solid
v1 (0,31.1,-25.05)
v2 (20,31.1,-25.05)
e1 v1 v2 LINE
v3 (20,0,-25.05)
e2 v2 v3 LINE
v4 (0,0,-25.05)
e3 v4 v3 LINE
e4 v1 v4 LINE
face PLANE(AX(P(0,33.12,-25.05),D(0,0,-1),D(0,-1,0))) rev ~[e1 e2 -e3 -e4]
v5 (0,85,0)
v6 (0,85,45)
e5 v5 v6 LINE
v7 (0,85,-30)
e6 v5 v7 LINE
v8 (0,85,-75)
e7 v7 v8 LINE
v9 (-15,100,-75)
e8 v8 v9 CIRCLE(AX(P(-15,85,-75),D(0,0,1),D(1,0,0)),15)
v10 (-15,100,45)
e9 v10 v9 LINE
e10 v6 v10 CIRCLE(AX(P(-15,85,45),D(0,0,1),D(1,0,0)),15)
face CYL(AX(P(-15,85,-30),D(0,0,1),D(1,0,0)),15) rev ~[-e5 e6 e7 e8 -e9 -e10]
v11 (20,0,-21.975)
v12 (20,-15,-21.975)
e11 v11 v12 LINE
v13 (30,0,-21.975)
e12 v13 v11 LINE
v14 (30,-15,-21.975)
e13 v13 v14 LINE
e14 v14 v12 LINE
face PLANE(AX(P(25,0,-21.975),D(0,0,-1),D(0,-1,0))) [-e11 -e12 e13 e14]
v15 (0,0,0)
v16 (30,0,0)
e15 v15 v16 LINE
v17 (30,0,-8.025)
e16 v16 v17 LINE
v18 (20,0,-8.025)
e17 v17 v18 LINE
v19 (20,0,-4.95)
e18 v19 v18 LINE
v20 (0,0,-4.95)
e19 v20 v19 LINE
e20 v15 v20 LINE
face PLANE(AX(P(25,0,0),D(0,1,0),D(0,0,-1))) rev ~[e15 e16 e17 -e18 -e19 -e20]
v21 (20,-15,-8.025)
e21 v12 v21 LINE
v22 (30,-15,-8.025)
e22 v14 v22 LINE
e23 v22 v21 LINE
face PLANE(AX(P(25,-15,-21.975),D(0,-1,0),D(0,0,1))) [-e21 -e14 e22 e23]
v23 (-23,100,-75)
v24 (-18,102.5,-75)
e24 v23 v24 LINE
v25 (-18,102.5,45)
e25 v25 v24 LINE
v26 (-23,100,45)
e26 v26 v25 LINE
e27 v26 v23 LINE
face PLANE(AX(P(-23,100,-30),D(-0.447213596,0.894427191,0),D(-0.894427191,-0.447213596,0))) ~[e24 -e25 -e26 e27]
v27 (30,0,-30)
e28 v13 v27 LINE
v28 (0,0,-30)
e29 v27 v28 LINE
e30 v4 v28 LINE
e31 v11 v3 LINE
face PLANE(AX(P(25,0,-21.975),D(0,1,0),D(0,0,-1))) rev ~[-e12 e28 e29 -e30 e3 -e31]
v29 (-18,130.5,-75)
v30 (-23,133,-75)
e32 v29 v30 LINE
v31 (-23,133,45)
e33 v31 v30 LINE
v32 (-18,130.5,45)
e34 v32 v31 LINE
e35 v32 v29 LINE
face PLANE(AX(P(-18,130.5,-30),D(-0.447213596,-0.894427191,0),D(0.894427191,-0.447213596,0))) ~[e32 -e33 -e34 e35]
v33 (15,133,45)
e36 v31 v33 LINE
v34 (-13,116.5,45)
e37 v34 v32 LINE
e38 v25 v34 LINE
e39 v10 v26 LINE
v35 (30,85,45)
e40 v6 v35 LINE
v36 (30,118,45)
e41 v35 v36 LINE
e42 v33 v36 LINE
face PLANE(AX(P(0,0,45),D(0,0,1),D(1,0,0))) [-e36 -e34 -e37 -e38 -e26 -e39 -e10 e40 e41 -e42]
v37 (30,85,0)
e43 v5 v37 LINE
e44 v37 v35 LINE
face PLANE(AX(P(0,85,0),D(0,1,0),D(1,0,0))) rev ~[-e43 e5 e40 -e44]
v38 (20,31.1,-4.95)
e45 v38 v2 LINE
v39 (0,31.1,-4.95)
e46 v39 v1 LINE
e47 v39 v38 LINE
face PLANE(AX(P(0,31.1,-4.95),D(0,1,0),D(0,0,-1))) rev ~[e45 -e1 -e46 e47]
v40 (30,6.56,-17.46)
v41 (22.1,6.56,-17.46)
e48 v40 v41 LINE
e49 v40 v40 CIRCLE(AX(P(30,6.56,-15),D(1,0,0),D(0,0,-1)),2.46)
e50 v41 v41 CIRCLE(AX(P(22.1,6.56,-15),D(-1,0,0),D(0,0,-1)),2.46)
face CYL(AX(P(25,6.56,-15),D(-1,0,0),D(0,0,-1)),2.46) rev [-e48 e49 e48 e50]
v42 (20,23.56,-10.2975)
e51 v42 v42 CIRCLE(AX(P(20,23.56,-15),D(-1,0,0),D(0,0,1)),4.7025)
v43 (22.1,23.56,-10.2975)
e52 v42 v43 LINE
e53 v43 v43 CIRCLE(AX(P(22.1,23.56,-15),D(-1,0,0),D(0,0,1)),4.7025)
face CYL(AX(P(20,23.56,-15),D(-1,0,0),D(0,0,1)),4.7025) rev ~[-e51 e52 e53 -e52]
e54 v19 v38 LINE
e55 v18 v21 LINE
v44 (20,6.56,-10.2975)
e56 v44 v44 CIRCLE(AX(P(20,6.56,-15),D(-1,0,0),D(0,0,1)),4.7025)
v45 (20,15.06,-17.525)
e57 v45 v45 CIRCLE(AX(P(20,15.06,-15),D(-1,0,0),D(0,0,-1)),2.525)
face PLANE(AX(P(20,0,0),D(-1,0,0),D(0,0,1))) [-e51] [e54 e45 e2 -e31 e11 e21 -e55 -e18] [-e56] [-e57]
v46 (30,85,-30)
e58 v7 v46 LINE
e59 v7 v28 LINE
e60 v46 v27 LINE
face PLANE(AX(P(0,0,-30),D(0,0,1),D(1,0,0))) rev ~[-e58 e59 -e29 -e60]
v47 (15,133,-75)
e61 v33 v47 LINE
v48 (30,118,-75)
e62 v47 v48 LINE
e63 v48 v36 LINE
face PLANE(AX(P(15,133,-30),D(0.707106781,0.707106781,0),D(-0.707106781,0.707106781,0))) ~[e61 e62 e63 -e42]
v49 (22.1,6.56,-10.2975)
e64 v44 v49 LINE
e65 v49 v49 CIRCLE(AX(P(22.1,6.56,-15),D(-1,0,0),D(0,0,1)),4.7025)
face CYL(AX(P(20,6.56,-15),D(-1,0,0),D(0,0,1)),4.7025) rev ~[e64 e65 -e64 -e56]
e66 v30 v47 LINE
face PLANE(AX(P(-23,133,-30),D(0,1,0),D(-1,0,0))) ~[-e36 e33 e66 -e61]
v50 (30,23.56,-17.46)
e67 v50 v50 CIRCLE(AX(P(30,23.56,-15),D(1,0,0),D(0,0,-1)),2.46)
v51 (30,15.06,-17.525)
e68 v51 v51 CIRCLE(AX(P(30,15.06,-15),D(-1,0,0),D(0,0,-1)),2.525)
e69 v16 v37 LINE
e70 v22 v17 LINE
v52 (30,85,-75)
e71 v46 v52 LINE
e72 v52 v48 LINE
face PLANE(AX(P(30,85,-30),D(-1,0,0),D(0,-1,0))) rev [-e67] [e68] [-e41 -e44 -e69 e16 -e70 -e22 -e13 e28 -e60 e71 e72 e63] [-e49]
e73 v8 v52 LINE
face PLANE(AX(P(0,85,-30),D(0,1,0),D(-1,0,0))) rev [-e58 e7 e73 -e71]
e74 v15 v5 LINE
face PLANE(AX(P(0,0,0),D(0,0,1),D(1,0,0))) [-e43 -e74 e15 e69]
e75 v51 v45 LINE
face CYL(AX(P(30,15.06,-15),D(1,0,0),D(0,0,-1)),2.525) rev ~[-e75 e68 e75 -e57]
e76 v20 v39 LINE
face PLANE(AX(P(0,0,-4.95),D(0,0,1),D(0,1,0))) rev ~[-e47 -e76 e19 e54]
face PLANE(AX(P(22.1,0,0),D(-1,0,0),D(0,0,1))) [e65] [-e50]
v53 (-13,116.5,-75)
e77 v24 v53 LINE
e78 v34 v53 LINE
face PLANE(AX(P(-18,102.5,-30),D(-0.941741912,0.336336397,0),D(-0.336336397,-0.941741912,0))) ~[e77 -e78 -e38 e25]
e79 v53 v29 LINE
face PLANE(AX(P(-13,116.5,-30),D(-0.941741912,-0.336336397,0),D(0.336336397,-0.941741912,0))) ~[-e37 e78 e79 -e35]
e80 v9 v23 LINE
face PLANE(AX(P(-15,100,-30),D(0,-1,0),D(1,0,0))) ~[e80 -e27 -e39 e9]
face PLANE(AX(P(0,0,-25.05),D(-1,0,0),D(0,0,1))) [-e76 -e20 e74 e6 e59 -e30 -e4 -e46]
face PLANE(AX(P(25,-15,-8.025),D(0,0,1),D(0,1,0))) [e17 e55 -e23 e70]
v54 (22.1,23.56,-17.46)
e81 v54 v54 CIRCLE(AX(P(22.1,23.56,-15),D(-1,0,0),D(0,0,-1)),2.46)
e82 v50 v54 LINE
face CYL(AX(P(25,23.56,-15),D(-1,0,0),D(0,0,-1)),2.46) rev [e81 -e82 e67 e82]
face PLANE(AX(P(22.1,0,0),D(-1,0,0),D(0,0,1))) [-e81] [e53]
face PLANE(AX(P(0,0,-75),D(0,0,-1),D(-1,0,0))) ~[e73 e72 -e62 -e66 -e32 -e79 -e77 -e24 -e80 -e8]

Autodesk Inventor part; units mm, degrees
ref_plane "YZ Plane" through (0, 0, 0) normal (1, 0, 0) x (0, 1, 0)
ref_plane "XZ Plane" through (0, 0, 0) normal (0, 1, 0) x (-1, 0, 0)
sketch "Sketch1" plane through (0, 0, 0) normal (0, 0, 1) x (1, 0, 0)
  line L0 (0, 0) -> (25, 0)
  line L1 (25, 0) -> (25, 40)
  line L2 (25, 40) -> (0, 40)
  line L3 (0, 40) -> (0, 0)
  dimension "d1" = 25
  dimension "d2" = 40
  dimension "d3" = 25
extrude "Extrusion1" add sketch "Sketch1" against normal blind 30
sketch "Sketch2" plane through (25, 0, 0) normal (1, 0, 0) x (0, 0, -1)
  line L0 (0, 0) -> (30, 0) projected
  circle A0 centre (15, 6.56) radius 2.46
extrude "Extrusion2" cut sketch "Sketch2" against normal blind 30
sketch "Sketch3" plane through (0, 0, 0) normal (-1, 0, 0) x (0, 0, 1)
  line L0 (0, 0) -> (-30, 0) projected
  line L1 (-25.05, 0) -> (-4.95, 0)
  line L2 (-4.95, 0) -> (-4.95, 33.12)
  line L3 (-4.95, 33.12) -> (-25.05, 33.12)
  line L4 (-25.05, 33.12) -> (-25.05, 0)
  dimension "d11" = 20.1
extrude "Extrusion3" cut sketch "Sketch3" against normal blind 20
sketch "Sketch4" plane through (0, 0, 0) normal (0, -1, 0) x (1, 0, 0)
  line L0 (20, -4.95) -> (20, -25.05) projected
  line L1 (20, -15) -> (25, -15)
  line L2 (25, 0) -> (25, -30) projected
  line L3 (20, -8.025) -> (25, -8.025)
  line L4 (25, -8.025) -> (25, -21.975)
  line L5 (25, -21.975) -> (20, -21.975)
  line L6 (20, -21.975) -> (20, -8.025)
  line L7 (20, -8.025) -> (25, -21.975) construction
  line L8 (25, -8.025) -> (20, -21.975) construction
  line L9 (25, -12.54) -> (25, -17.46) projected
  point P0 (0, 0)
  point P1 (22.5, -15)
  dimension "d14" = 13.95
extrude "Extrusion4" add sketch "Sketch4" along normal blind 15
sketch "Sketch5" plane through (20, 0, 0) normal (-1, 0, 0) x (0, 0, 1)
  circle A0 centre (-15, 6.56) radius 2.46 projected
  circle A1 centre (-15, 6.56) radius 4.7025
  circle A2 centre (-15, 6.56) radius 2.46 projected
  circle A3 centre (-15, 6.56) radius 2.46
  point P0 (0, 0)
  dimension "d17" = 9.405
extrude "Extrusion5" cut sketch "Sketch5" against normal blind 2.1
sketch "Sketch6" plane through (25, 0, 0) normal (1, 0, 0) x (0, 0, -1)
  circle A0 centre (15, 6.56) radius 4.7025 projected
  line L0 (15, 6.56) -> (15, 23.56)
  circle A1 centre (15, 23.56) radius 2.46
  point P0 (0, 0)
  dimension "d20" = 17
  dimension "d21" = 4.92
extrude "Extrusion6" cut sketch "Sketch6" against normal blind 10 contours A1
sketch "Sketch7" plane through (20, 0, 0) normal (-1, 0, 0) x (0, 0, 1)
  circle A0 centre (-15, 23.56) radius 2.46 projected
  circle A1 centre (-15, 23.56) radius 4.7025
  point P0 (0, 0)
  dimension "d24" = 9.405
extrude "Extrusion7" cut sketch "Sketch7" against normal blind 2.1
sketch "Sketch9" plane through (25, 0, 0) normal (1, 0, 0) x (0, 0, -1)
  circle A0 centre (15, 6.56) radius 2.46 projected
  circle A1 centre (15, 6.56) radius 2.46
  circle A2 centre (15, 23.56) radius 2.46 projected
  circle A3 centre (15, 23.56) radius 2.46
  line L0 (30, 40) -> (30, 0) projected
  line L1 (30, 0) -> (30, 40)
  line L2 (30, 40) -> (0, 40)
  line L3 (0, 40) -> (0, 0)
  line L4 (0, 0) -> (8.025, 0) projected
  line L5 (21.975, 0) -> (21.975, -15)
  line L6 (21.975, -15) -> (8.025, -15)
  line L7 (8.025, -15) -> (8.025, 0)
  line L8 (0, 0) -> (8.025, 0)
  line L9 (21.975, 0) -> (30, 0)
extrude "Extrusion8" add sketch "Sketch9" along normal blind 5
sketch "Sketch10" plane through (0, 40, 0) normal (0, 1, 0) x (1, 0, 0)
  line L0 (0, 30) -> (30, 30) projected
  line L1 (30, 0) -> (0, 0) projected
  line L2 (0, 30) -> (30, 30)
  line L3 (30, 30) -> (30, 0)
  line L4 (30, 0) -> (0, 0)
  line L5 (0, 0) -> (0, 30)
extrude "Extrusion9" add sketch "Sketch10" along normal blind 30
sketch "Sketch12" plane through (30, 0, 0) normal (1, 0, 0) x (0, 0, -1)
  circle A0 centre (15, 6.56) radius 2.46 projected
  line L0 (15, 6.56) -> (15, 15.06)
  circle A1 centre (15, 15.06) radius 2.525
  point P0 (0, 0)
  dimension "d31" = 8.5
  dimension "d33" = 5.05
extrude "Extrusion10" cut sketch "Sketch12" against normal blind 30 contours A1
sketch "Sketch14" plane through (0, 0, 0) normal (0, 0, 1) x (1, 0, 0)
  line L0 (30, 70) -> (0, 70) projected
  line L1 (0, 70) -> (0, 85)
  line L2 (-15, 100) -> (-23, 100)
  line L3 (30, 0) -> (30, 70) projected
  line L4 (30, 118) -> (30, 70)
  arc A0 (0, 85) -> (-15, 100) centre (-15, 85) ccw
  line L5 (30, 105) -> (30, 100)
  line L6 (-23, 133) -> (15, 133)
  line L7 (-18, 130.5) -> (-23, 133)
  line L8 (-18, 130.5) -> (-13, 116.5)
  line L9 (-18, 102.5) -> (-23, 100)
  line L10 (-18, 102.5) -> (-13, 116.5)
  line L11 (30, 118) -> (15, 133)
  point P0 (0, 0)
  point P1 (0, 100)
  dimension "d47" = 30
  dimension "d54" = 15
extrude "Extrusion12" add sketch "Sketch14" against normal blind 30
sketch "Sketch15" plane through (0, 0, -25.05) normal (-1, 0, 0) x (0, 0, 1)
  line L0 (0, 33.12) -> (20.1, 33.12) projected
  line L1 (20.1, 33.12) -> (20.1, 0) projected
  line L2 (0, 33.12) -> (20.1, 33.12)
  line L3 (20.1, 33.12) -> (20.1, 31.1)
  line L4 (20.1, 31.1) -> (0, 31.1)
  line L5 (0, 31.1) -> (0, 33.12)
  point P0 (25.05, 0)
  dimension "d57" = 2.02
extrude "Extrusion13" add sketch "Sketch15" against normal blind 20
sketch "Sketch21" plane through (0, 0, 0) normal (0, 0, 1) x (1, 0, 0)
  arc A0 (0, 85) -> (-15, 100) centre (-15, 85) ccw projected
  arc A1 (0, 85) -> (-15, 100) centre (-15, 85) ccw
  line L0 (-15, 100) -> (-23, 100) projected
  line L1 (-15, 100) -> (-23, 100)
  line L2 (-23, 100) -> (-18, 102.5) projected
  line L3 (-23, 100) -> (-18, 102.5)
  line L4 (-18, 102.5) -> (-13, 116.5) projected
  line L5 (-18, 102.5) -> (-13, 116.5)
  line L6 (-13, 116.5) -> (-18, 130.5) projected
  line L7 (-13, 116.5) -> (-18, 130.5)
  line L8 (-18, 130.5) -> (-23, 133) projected
  line L9 (-18, 130.5) -> (-23, 133)
  line L10 (-23, 133) -> (15, 133) projected
  line L11 (-23, 133) -> (15, 133)
  line L12 (15, 133) -> (30, 118) projected
  line L13 (15, 133) -> (30, 118)
  line L14 (0, 85) -> (30, 85)
  line L15 (30, 85) -> (30, 118)
  point P0 (0, 0)
extrude "Extrusion14" add sketch "Sketch21" along normal blind 45
ref_plane "Work Plane1" through (0, 0, -15) normal (0, 0, 1) x (1, 0, 0)
mirror "Mirror1" about plane through (0, 0, -15) normal (0, 0, 1) of "Extrusion14"
properties part number "28mm_x_120mm"
